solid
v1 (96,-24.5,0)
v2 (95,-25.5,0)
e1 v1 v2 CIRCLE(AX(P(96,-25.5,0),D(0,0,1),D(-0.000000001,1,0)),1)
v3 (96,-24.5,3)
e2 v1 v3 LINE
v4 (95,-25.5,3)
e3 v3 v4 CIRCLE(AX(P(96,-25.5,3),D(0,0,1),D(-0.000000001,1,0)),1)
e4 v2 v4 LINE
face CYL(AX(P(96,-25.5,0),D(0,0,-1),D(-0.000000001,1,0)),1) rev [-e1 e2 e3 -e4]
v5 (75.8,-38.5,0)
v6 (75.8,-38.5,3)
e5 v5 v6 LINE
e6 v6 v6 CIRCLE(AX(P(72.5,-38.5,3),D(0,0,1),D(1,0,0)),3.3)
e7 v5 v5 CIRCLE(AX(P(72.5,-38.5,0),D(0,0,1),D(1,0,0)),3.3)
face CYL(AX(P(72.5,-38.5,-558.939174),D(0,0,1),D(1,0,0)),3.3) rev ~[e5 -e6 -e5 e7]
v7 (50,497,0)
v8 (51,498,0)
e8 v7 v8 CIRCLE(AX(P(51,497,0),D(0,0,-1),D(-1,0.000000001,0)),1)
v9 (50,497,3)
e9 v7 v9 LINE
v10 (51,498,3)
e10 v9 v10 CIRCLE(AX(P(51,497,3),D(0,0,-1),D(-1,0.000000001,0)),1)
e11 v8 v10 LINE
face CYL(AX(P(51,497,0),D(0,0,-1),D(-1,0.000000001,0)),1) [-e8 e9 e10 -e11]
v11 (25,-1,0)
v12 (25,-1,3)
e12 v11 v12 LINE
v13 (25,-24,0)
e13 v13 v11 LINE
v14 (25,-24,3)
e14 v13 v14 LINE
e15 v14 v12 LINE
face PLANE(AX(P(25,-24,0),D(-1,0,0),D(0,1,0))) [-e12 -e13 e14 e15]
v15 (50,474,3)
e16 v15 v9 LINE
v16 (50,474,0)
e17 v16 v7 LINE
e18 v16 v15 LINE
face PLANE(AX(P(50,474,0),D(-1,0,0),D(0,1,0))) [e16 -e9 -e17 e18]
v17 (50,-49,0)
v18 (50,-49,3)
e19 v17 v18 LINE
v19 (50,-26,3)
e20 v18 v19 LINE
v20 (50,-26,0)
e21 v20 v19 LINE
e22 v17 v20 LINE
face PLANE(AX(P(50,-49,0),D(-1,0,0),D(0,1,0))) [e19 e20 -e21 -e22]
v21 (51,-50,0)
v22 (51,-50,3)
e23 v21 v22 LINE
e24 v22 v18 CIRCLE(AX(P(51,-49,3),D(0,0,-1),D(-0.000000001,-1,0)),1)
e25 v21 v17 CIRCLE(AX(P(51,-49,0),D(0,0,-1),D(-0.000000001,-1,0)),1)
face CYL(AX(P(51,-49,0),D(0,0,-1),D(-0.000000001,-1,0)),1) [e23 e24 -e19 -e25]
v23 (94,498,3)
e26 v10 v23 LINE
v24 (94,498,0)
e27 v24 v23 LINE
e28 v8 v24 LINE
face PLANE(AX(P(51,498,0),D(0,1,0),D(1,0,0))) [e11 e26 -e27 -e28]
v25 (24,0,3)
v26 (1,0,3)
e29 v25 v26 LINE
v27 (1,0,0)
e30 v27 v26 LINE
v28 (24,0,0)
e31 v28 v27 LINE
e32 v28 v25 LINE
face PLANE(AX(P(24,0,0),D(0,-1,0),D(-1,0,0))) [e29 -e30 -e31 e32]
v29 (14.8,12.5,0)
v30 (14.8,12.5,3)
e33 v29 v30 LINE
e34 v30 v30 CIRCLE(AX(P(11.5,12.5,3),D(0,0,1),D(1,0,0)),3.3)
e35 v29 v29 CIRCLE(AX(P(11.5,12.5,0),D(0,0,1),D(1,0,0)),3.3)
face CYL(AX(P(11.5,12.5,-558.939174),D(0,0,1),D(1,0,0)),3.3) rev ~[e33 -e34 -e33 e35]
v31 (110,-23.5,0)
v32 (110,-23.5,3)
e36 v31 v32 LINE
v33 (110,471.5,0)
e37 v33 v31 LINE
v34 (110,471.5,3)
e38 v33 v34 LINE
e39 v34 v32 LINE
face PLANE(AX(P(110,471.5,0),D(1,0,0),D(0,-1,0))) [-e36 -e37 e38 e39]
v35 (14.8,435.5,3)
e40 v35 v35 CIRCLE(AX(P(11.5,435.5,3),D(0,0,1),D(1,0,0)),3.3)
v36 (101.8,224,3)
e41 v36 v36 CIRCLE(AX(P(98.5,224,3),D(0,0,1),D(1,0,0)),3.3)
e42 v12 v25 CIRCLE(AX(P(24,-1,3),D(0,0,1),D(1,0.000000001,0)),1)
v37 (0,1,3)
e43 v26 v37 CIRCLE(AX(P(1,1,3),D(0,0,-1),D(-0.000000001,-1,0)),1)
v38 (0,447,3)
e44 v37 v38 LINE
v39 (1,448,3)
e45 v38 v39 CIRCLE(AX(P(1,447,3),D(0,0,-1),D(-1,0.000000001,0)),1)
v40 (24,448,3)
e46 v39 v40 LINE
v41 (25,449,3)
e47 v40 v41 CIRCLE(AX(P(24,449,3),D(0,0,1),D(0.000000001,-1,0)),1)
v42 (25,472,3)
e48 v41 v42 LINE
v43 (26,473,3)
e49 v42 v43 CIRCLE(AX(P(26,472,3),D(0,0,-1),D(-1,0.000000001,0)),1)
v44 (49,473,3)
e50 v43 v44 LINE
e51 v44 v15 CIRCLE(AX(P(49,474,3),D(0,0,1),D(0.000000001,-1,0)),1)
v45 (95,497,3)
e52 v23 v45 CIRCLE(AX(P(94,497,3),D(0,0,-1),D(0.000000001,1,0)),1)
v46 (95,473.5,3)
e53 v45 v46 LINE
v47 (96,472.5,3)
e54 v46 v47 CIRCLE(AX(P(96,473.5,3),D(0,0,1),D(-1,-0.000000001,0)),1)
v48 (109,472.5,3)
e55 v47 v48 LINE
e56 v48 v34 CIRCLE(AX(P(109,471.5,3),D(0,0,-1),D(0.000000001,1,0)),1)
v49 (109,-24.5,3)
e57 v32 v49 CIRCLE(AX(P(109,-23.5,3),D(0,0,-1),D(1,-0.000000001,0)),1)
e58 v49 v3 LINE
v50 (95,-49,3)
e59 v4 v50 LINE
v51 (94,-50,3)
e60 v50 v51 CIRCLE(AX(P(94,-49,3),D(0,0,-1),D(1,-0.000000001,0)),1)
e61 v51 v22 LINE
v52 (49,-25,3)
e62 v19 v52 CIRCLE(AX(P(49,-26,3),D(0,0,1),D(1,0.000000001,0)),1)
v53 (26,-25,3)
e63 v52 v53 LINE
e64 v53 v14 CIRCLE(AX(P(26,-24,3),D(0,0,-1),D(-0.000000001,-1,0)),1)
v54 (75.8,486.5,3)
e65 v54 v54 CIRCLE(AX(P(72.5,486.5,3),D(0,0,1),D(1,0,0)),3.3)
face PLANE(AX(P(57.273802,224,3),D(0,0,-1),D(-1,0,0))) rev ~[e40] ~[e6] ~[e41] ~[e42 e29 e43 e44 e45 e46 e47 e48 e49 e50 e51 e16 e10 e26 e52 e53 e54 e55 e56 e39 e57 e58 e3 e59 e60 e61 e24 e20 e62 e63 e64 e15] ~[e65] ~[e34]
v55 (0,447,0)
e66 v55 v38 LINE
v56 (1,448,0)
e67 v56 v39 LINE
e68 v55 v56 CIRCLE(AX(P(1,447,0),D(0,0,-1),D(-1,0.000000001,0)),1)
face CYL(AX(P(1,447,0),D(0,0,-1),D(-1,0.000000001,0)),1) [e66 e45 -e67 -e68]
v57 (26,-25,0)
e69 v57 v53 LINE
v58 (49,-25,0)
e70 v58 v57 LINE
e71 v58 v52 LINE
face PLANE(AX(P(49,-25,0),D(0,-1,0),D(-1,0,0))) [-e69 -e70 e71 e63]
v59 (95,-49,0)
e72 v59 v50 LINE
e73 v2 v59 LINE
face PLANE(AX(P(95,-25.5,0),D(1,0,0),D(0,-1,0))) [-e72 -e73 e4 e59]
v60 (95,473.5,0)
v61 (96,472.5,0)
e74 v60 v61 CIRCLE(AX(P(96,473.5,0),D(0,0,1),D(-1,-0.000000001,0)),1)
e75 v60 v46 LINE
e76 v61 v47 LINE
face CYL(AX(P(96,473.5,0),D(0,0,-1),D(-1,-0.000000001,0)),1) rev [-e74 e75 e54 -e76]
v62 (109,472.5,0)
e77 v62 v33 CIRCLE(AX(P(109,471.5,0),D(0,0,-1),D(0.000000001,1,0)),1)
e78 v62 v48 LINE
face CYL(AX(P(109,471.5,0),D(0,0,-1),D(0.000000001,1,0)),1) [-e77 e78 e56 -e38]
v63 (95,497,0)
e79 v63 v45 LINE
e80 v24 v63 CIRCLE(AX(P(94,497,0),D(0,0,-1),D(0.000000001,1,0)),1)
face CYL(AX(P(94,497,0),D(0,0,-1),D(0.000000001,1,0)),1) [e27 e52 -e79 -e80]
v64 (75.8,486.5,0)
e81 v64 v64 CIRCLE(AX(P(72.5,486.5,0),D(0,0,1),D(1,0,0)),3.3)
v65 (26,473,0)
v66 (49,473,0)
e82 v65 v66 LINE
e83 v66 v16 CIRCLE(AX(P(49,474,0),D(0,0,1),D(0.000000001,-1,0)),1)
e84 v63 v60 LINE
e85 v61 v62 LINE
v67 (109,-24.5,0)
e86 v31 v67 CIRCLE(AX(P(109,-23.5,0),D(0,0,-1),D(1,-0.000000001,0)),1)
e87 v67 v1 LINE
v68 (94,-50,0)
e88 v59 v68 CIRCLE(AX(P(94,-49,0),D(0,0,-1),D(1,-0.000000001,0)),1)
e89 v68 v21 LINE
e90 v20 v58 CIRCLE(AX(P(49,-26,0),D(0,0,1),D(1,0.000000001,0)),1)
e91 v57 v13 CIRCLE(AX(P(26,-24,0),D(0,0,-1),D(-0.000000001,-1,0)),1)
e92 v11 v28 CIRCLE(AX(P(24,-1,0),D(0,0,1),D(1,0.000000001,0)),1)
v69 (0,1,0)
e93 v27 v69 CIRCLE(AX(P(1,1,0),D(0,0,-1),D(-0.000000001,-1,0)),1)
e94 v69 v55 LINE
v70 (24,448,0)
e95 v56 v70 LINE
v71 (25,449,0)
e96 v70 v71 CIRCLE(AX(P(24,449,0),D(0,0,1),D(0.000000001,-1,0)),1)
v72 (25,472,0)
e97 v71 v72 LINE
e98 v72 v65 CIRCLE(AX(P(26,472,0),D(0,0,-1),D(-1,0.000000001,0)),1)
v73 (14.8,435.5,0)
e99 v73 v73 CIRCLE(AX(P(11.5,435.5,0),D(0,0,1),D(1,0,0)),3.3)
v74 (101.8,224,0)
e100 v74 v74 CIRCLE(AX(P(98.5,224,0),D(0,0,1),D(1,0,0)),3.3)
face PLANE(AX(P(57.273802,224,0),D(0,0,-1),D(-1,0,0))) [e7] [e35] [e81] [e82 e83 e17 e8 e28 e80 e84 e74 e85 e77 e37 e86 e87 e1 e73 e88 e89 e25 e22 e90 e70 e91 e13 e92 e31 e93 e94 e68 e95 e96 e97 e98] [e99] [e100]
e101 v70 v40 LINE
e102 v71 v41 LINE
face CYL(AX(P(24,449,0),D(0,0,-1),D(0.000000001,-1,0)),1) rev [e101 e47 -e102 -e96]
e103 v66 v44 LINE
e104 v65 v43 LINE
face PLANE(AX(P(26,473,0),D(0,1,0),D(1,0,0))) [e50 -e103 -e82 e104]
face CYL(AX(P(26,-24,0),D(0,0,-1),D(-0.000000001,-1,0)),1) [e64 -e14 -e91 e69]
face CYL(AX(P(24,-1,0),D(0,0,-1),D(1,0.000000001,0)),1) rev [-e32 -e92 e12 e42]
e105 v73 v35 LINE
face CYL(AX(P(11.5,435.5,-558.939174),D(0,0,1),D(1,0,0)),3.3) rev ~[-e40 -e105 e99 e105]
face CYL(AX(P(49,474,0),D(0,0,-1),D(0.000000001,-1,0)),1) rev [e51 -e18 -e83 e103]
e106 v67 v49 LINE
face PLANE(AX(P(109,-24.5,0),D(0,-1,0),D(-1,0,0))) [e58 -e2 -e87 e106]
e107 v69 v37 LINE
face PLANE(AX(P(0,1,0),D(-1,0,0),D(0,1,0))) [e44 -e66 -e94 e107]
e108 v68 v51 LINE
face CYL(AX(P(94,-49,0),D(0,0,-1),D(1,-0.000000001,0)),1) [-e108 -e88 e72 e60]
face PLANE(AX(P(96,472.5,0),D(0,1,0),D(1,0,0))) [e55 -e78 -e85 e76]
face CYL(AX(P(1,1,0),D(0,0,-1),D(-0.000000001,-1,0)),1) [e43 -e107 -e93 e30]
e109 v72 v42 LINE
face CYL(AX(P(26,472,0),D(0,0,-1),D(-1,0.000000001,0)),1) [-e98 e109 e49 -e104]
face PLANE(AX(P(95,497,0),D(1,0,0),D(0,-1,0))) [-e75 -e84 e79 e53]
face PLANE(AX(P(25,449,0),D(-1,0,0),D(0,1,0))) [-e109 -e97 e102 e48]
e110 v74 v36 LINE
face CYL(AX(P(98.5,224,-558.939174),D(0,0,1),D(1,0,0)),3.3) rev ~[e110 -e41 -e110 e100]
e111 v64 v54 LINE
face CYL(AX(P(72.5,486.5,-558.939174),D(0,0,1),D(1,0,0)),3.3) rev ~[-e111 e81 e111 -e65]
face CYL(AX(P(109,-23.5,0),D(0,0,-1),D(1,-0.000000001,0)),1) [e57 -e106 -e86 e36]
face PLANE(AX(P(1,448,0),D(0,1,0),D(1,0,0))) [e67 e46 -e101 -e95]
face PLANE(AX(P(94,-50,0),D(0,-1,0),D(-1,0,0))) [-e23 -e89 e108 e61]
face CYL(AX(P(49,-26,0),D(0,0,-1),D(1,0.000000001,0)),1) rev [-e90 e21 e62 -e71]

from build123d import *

# Parameters (mm, degrees)
BOSS_EXTRUDE1_DEPTH  = 3
M6_CLEARANCE_HOLE1_D = 6.6
M6_CLEARANCE_HOLE2_D = 6.6


with BuildPart() as part:
    # Sketch1 → Boss-Extrude1 (new body)
    with BuildSketch(Plane.XY):
        with BuildLine():
            Line((26, 473), (49, 473))
            ThreePointArc((49, 473), (49.707106781, 473.292893219), (50, 474))
            Line((50, 474), (50, 497))
            ThreePointArc((50, 497), (50.292893219, 497.707106781), (51, 498))
            Line((51, 498), (94, 498))
            ThreePointArc((94, 498), (94.707106781, 497.707106781), (95, 497))
            Line((95, 497), (95, 473.5))
            ThreePointArc((95, 473.5), (95.292893219, 472.792893219), (96, 472.5))
            Line((96, 472.5), (109, 472.5))
            ThreePointArc((109, 472.5), (109.707106781, 472.207106781), (110, 471.5))
            Line((110, 471.5), (110, -23.5))
            ThreePointArc((110, -23.5), (109.707106781, -24.207106781), (109, -24.5))
            Line((109, -24.5), (96, -24.5))
            ThreePointArc((96, -24.5), (95.292893219, -24.792893219), (95, -25.5))
            Line((95, -25.5), (95, -49))
            ThreePointArc((95, -49), (94.707106781, -49.707106781), (94, -50))
            Line((94, -50), (51, -50))
            ThreePointArc((51, -50), (50.292893219, -49.707106781), (50, -49))
            Line((50, -49), (50, -26))
            ThreePointArc((50, -26), (49.707106781, -25.292893219), (49, -25))
            Line((49, -25), (26, -25))
            ThreePointArc((26, -25), (25.292893219, -24.707106781), (25, -24))
            Line((25, -24), (25, -1))
            ThreePointArc((25, -1), (24.707106781, -0.292893219), (24, 0))
            Line((24, 0), (1, 0))
            ThreePointArc((1, 0), (0.292893219, 0.292893219), (0, 1))
            Line((0, 1), (0, 447))
            ThreePointArc((0, 447), (0.292893219, 447.707106781), (1, 448))
            Line((1, 448), (24, 448))
            ThreePointArc((24, 448), (24.707106781, 448.292893219), (25, 449))
            Line((25, 449), (25, 472))
            ThreePointArc((25, 472), (25.292893219, 472.707106781), (26, 473))
        make_face()
    extrude(amount=BOSS_EXTRUDE1_DEPTH)

    # M6 Clearance Hole1 (through all)
    with Locations(Plane(origin=(0, 0, 0), x_dir=(-1, 0, 0), z_dir=(0, 0, -1))):
        with Locations((-72.5, -38.5), (-11.5, 12.5), (-11.5, 435.5), (-72.5, 486.5)):
            Hole(M6_CLEARANCE_HOLE1_D / 2)

    # M6 Clearance Hole2 (through all)
    with Locations(Plane(origin=(0, 0, 0), x_dir=(-1, 0, 0), z_dir=(0, 0, -1))):
        with Locations((-98.5, 224)):
            Hole(M6_CLEARANCE_HOLE2_D / 2)


solid = part.part
